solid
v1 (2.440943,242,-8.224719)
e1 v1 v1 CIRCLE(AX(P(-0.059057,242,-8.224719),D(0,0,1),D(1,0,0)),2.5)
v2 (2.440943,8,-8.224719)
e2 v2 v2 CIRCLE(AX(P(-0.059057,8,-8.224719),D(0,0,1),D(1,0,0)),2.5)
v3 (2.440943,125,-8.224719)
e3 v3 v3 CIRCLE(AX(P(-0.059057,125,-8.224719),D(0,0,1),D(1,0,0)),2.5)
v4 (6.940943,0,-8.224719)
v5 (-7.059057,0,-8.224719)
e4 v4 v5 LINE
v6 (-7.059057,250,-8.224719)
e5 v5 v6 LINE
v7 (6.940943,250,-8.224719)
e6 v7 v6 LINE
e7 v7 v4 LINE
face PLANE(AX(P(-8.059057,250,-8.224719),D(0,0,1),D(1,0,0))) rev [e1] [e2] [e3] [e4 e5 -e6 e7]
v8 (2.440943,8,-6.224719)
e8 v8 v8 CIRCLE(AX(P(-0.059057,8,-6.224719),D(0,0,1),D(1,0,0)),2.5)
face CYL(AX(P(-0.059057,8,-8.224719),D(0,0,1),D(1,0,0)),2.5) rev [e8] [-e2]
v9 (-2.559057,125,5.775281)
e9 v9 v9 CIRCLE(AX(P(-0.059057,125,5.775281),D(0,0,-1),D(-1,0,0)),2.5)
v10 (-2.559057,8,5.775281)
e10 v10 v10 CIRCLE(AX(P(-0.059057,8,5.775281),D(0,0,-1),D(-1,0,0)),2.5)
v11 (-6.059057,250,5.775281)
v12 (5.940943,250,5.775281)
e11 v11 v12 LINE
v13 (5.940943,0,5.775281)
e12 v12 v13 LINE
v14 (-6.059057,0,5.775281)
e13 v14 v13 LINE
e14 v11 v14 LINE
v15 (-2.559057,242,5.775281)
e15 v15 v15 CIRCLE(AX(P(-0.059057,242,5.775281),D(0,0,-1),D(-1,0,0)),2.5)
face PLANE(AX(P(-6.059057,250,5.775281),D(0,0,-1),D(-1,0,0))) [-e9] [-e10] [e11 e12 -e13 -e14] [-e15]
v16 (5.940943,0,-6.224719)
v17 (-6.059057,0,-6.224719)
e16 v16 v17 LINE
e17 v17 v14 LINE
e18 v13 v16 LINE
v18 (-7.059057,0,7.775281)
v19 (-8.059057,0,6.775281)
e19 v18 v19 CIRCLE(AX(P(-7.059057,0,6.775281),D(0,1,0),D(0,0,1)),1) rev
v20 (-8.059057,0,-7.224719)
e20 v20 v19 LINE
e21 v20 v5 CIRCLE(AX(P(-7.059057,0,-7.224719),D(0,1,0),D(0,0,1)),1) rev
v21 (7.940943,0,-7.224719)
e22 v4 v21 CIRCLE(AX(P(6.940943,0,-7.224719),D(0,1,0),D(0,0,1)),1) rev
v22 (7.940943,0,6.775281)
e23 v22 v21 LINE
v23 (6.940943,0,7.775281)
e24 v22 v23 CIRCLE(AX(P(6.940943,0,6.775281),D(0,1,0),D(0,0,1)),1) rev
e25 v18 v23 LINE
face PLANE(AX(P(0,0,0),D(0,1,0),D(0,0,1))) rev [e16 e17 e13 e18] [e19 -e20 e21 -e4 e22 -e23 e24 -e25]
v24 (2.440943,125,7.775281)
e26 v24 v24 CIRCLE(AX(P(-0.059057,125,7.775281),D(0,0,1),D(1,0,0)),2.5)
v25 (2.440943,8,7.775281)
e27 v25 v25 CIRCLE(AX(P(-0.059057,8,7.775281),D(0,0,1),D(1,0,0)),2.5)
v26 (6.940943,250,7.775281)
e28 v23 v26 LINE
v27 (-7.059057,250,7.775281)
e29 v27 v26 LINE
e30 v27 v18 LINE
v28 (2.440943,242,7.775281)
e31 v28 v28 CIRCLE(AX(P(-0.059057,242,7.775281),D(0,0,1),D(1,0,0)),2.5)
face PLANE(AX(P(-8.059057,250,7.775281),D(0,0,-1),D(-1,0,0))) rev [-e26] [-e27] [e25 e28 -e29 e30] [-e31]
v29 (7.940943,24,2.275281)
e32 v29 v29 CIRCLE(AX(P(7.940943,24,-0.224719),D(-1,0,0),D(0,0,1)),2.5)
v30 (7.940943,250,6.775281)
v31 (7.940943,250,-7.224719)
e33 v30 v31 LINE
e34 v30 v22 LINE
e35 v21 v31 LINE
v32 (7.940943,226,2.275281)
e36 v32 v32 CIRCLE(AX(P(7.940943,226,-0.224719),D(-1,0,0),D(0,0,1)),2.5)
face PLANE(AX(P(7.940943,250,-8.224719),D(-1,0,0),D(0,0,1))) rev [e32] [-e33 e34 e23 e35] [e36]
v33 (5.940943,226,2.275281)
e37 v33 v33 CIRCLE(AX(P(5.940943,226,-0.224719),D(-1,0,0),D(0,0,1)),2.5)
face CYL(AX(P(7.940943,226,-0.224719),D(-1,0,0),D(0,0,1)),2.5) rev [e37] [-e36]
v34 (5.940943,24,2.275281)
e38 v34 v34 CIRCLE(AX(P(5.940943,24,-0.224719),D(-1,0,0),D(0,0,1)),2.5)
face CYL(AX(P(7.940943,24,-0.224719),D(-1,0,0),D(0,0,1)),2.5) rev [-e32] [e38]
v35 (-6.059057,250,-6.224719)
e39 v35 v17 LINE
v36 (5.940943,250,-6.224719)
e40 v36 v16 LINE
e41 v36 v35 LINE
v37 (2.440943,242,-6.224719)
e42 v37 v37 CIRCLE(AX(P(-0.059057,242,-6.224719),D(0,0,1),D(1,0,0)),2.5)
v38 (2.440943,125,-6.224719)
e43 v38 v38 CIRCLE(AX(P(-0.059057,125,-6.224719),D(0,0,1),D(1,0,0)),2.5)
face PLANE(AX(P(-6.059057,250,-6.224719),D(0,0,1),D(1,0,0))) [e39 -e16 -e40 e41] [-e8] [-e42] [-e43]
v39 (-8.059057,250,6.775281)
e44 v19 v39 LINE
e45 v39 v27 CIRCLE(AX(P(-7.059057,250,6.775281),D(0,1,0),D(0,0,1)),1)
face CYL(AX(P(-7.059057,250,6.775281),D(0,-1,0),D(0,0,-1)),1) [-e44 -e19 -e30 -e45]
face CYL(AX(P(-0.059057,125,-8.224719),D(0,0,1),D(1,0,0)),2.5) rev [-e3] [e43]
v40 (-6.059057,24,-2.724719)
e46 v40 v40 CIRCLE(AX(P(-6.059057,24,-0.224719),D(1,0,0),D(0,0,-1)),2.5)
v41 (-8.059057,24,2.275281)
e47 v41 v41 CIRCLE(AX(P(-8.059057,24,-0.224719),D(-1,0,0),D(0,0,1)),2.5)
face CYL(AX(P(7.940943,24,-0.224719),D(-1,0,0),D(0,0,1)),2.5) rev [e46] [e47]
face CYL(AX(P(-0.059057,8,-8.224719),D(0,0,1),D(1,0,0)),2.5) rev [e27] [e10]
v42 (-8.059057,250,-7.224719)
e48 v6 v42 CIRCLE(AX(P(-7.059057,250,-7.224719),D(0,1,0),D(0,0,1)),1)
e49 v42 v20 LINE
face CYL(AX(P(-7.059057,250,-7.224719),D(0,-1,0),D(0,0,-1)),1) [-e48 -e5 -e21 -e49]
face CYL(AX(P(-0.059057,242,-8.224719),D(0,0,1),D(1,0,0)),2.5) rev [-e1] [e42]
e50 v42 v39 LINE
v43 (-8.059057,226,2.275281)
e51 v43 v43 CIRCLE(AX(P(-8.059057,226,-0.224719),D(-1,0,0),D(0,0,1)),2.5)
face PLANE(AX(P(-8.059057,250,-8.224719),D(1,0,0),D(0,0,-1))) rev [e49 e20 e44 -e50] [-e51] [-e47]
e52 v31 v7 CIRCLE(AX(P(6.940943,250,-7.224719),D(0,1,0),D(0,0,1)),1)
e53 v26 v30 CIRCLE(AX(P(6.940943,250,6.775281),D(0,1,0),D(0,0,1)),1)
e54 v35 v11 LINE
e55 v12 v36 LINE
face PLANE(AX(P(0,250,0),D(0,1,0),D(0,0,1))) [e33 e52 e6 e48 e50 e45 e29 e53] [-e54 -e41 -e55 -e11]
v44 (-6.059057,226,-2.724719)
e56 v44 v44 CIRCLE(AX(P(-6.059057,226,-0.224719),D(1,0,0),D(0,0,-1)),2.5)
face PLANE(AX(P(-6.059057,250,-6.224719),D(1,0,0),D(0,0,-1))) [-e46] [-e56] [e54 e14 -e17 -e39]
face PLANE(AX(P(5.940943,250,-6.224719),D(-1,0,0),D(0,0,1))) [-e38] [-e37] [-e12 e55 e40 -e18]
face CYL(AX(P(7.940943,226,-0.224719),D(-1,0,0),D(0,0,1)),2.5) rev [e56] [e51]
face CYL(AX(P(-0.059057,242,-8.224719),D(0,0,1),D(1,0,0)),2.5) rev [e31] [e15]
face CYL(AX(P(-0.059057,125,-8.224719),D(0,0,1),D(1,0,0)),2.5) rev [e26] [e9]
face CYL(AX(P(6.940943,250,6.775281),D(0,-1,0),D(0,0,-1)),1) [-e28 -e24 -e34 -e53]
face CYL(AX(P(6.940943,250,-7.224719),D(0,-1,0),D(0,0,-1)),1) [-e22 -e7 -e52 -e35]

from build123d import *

# Parameters (mm, degrees)
SKETCH1_W           = 16
SKETCH1_H           = 16
SKETCH1_W_2         = 12
SKETCH1_H_2         = 12
BOSS_EXTRUDE1_DEPTH = 250
FILLET1_R           = 1
SKETCH2_R           = 2.5
CUT_EXTRUDE1_DEPTH  = 16
SKETCH3_R           = 2.5
CUT_EXTRUDE2_DEPTH  = 16
SKETCH4_R           = 2.5
CUT_EXTRUDE3_DEPTH  = 16
SKETCH5_R           = 2.5
CUT_EXTRUDE4_DEPTH  = 16


with BuildPart() as part:
    # Sketch1 → Boss-Extrude1 (new body)
    with BuildSketch(Plane(origin=(0, 0, 0), x_dir=(1, 0, 0), z_dir=(0, 1, 0))):
        with Locations((-0.059056614, 0.224719101)):
            Rectangle(SKETCH1_W, SKETCH1_H)
        with Locations((-0.059056614, 0.224719101)):
            Rectangle(SKETCH1_W_2, SKETCH1_H_2, mode=Mode.SUBTRACT)
    extrude(amount=BOSS_EXTRUDE1_DEPTH)

    # Fillet1
    fillet1_edges = [part.edges().sort_by_distance(p)[0] for p in [
        (-8.059056614, 125, -8.224719101),
        (7.940943386, 125, -8.224719101),
        (7.940943386, 125, 7.775280899),
        (-8.059056614, 125, 7.775280899),
    ]]
    fillet(fillet1_edges, radius=FILLET1_R)

    # Sketch2 → Cut-Extrude1 (cut)
    with BuildSketch(Plane.XY.offset(7.775280899)):
        with Locations((-0.059056614, 8)):
            Circle(SKETCH2_R)
    extrude(amount=-CUT_EXTRUDE1_DEPTH, mode=Mode.SUBTRACT)

    # Sketch3 → Cut-Extrude2 (cut)
    with BuildSketch(Plane.XY.offset(7.775280899)):
        with Locations((-0.059056614, 242)):
            Circle(SKETCH3_R)
    extrude(amount=-CUT_EXTRUDE2_DEPTH, mode=Mode.SUBTRACT)

    # Sketch4 → Cut-Extrude3 (cut)
    with BuildSketch(Plane.ZY.offset(8.059056614)):
        with Locations((-0.224719101, 24)):
            Circle(SKETCH4_R)
        with Locations((-0.224719101, 226)):
            Circle(SKETCH4_R)
    extrude(amount=-CUT_EXTRUDE3_DEPTH, mode=Mode.SUBTRACT)

    # Sketch5 → Cut-Extrude4 (cut)
    with BuildSketch(Plane.XY.offset(7.775280899)):
        with Locations((-0.059056614, 125)):
            Circle(SKETCH5_R)
    extrude(amount=-CUT_EXTRUDE4_DEPTH, mode=Mode.SUBTRACT)


solid = part.part
